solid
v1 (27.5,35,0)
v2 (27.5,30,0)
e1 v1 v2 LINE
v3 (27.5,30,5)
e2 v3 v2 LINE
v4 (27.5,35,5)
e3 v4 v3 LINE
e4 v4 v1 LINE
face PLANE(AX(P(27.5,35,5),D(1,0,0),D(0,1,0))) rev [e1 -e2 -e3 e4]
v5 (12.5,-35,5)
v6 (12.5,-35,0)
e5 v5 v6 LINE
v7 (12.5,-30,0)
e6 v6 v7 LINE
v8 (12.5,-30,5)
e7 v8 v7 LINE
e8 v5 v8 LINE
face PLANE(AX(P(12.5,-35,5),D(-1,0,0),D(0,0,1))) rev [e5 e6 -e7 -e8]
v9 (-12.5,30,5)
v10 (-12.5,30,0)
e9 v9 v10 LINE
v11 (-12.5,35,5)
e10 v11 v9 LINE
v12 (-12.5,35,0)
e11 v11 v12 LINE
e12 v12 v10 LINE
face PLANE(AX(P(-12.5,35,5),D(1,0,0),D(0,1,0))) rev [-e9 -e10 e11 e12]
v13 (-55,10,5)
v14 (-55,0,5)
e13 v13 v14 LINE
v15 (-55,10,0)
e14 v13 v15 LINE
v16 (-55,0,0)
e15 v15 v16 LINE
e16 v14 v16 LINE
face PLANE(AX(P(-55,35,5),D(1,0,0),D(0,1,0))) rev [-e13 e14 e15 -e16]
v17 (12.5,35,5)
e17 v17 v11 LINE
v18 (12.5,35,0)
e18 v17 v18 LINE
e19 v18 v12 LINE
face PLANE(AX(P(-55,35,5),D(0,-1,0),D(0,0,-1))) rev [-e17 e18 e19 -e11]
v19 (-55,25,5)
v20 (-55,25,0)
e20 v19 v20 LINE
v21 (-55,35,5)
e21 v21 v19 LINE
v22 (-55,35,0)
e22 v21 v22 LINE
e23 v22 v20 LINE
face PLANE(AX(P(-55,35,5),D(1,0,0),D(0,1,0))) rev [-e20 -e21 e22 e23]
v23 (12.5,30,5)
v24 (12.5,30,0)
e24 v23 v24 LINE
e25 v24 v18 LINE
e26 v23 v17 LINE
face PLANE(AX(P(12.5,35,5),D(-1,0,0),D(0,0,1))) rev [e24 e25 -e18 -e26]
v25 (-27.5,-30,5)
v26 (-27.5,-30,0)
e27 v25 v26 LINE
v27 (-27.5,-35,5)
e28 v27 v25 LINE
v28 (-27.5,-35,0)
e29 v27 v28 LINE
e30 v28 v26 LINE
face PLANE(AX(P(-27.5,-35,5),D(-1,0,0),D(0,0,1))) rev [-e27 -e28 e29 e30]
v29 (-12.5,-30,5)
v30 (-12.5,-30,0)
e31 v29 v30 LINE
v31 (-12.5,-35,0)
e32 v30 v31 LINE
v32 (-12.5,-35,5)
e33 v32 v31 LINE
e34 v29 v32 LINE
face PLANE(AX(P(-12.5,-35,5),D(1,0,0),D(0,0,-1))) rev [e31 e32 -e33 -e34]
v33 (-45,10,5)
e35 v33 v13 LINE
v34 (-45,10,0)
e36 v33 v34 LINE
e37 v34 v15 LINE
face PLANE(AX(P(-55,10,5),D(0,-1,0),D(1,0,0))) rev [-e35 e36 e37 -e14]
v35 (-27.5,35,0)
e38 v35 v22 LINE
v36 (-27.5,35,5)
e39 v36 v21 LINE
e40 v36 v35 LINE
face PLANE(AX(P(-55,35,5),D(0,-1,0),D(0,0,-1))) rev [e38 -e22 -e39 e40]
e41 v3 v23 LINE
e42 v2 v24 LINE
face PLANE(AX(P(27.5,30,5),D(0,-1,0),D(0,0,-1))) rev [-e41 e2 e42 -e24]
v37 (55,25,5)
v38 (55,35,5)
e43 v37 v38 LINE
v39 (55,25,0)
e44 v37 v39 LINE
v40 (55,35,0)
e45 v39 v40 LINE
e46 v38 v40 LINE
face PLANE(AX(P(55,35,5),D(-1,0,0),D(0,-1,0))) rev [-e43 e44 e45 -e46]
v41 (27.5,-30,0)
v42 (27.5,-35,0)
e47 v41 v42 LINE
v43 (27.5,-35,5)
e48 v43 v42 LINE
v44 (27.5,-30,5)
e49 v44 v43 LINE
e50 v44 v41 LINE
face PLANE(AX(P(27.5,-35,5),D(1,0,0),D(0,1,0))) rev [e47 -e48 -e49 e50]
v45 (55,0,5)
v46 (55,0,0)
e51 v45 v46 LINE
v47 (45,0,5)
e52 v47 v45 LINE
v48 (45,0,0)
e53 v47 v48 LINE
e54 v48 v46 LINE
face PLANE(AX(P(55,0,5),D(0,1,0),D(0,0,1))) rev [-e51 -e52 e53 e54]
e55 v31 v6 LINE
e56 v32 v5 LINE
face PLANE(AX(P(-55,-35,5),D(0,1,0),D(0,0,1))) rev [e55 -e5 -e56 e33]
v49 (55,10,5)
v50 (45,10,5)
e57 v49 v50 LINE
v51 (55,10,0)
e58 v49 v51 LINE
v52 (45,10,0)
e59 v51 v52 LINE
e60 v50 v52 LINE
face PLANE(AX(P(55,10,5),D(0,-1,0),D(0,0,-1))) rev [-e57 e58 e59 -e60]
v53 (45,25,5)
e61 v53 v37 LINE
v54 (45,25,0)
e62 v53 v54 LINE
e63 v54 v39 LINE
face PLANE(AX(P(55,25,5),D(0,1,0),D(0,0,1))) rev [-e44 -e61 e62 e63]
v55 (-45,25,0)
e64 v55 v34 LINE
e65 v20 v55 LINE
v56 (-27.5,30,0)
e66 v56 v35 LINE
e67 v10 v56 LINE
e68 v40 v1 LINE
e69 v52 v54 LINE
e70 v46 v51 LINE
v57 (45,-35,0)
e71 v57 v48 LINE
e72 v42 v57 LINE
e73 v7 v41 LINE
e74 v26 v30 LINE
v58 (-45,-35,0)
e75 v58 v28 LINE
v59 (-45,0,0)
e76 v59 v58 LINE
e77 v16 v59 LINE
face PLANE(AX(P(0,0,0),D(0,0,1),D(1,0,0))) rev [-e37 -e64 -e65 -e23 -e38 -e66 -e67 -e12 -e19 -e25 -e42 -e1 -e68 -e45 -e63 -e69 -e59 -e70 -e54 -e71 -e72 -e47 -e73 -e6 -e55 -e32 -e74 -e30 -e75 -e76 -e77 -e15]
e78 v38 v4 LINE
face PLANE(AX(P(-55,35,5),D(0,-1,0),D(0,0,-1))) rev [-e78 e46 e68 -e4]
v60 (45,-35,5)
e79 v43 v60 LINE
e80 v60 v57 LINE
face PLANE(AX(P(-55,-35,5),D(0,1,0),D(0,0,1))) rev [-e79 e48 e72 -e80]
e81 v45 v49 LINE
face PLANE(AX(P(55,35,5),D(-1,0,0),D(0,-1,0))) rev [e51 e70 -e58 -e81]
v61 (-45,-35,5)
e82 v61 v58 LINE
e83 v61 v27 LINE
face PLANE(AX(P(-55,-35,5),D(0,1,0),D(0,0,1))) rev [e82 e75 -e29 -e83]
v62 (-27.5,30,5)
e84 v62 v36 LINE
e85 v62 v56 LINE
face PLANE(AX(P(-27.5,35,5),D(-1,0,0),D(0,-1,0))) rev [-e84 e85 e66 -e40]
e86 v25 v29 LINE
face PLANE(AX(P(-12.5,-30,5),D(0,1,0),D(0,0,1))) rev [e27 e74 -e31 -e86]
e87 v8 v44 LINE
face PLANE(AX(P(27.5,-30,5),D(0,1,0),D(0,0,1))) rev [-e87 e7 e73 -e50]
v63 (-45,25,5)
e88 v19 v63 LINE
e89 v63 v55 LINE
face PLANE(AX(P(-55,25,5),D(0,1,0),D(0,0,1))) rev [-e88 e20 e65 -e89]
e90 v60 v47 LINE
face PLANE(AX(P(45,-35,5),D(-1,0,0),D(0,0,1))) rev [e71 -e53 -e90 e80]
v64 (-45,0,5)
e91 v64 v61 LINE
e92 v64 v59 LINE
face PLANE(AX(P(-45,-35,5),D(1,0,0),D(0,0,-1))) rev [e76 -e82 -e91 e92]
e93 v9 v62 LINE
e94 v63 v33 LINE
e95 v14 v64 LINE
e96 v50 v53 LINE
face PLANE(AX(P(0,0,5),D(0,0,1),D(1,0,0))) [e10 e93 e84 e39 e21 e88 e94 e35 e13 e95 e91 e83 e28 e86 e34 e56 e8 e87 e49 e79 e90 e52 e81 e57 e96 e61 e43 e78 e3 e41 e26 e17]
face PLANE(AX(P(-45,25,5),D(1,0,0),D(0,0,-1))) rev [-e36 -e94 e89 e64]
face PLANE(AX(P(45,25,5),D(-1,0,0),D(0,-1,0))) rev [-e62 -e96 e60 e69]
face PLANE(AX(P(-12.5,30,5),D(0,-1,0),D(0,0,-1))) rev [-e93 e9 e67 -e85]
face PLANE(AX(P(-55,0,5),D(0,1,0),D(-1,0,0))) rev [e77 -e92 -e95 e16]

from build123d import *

# Parameters (mm, degrees)
ESQUISSE1_W             = 110
ESQUISSE1_H             = 70
BOSS_EXTRU_1_DEPTH      = 5
ESQUISSE6_W             = 10
ESQUISSE6_H             = 35
ESQUISSE6_H_2           = 15
ESQUISSE6_W_2           = 15
ESQUISSE6_H_3           = 5
ENL_V_MAT_EXTRU_2_DEPTH = 5


with BuildPart() as part:
    # Esquisse1 → Boss.-Extru.1 (new body)
    with BuildSketch(Plane.XY):
        Rectangle(ESQUISSE1_W, ESQUISSE1_H)
    extrude(amount=BOSS_EXTRU_1_DEPTH)

    # Esquisse6 → Enlèv. mat.-Extru.2 (cut)
    with BuildSketch(Plane(origin=(0, 0, 0), x_dir=(-1, 0, 0), z_dir=(0, 0, -1))):
        with Locations((-50, -17.5)):
            Rectangle(ESQUISSE6_W, ESQUISSE6_H)
        with Locations((50, -17.5)):
            Rectangle(ESQUISSE6_W, ESQUISSE6_H)
        with Locations((-50, 17.5)):
            Rectangle(ESQUISSE6_W, ESQUISSE6_H_2)
        with Locations((50, 17.5)):
            Rectangle(ESQUISSE6_W, ESQUISSE6_H_2)
        with Locations((-20, 32.5)):
            Rectangle(ESQUISSE6_W_2, ESQUISSE6_H_3)
        with Locations((20, 32.5)):
            Rectangle(ESQUISSE6_W_2, ESQUISSE6_H_3)
        with Locations((-20, -32.5)):
            Rectangle(ESQUISSE6_W_2, ESQUISSE6_H_3)
        with Locations((20, -32.5)):
            Rectangle(ESQUISSE6_W_2, ESQUISSE6_H_3)
    extrude(amount=-ENL_V_MAT_EXTRU_2_DEPTH, mode=Mode.SUBTRACT)


solid = part.part
